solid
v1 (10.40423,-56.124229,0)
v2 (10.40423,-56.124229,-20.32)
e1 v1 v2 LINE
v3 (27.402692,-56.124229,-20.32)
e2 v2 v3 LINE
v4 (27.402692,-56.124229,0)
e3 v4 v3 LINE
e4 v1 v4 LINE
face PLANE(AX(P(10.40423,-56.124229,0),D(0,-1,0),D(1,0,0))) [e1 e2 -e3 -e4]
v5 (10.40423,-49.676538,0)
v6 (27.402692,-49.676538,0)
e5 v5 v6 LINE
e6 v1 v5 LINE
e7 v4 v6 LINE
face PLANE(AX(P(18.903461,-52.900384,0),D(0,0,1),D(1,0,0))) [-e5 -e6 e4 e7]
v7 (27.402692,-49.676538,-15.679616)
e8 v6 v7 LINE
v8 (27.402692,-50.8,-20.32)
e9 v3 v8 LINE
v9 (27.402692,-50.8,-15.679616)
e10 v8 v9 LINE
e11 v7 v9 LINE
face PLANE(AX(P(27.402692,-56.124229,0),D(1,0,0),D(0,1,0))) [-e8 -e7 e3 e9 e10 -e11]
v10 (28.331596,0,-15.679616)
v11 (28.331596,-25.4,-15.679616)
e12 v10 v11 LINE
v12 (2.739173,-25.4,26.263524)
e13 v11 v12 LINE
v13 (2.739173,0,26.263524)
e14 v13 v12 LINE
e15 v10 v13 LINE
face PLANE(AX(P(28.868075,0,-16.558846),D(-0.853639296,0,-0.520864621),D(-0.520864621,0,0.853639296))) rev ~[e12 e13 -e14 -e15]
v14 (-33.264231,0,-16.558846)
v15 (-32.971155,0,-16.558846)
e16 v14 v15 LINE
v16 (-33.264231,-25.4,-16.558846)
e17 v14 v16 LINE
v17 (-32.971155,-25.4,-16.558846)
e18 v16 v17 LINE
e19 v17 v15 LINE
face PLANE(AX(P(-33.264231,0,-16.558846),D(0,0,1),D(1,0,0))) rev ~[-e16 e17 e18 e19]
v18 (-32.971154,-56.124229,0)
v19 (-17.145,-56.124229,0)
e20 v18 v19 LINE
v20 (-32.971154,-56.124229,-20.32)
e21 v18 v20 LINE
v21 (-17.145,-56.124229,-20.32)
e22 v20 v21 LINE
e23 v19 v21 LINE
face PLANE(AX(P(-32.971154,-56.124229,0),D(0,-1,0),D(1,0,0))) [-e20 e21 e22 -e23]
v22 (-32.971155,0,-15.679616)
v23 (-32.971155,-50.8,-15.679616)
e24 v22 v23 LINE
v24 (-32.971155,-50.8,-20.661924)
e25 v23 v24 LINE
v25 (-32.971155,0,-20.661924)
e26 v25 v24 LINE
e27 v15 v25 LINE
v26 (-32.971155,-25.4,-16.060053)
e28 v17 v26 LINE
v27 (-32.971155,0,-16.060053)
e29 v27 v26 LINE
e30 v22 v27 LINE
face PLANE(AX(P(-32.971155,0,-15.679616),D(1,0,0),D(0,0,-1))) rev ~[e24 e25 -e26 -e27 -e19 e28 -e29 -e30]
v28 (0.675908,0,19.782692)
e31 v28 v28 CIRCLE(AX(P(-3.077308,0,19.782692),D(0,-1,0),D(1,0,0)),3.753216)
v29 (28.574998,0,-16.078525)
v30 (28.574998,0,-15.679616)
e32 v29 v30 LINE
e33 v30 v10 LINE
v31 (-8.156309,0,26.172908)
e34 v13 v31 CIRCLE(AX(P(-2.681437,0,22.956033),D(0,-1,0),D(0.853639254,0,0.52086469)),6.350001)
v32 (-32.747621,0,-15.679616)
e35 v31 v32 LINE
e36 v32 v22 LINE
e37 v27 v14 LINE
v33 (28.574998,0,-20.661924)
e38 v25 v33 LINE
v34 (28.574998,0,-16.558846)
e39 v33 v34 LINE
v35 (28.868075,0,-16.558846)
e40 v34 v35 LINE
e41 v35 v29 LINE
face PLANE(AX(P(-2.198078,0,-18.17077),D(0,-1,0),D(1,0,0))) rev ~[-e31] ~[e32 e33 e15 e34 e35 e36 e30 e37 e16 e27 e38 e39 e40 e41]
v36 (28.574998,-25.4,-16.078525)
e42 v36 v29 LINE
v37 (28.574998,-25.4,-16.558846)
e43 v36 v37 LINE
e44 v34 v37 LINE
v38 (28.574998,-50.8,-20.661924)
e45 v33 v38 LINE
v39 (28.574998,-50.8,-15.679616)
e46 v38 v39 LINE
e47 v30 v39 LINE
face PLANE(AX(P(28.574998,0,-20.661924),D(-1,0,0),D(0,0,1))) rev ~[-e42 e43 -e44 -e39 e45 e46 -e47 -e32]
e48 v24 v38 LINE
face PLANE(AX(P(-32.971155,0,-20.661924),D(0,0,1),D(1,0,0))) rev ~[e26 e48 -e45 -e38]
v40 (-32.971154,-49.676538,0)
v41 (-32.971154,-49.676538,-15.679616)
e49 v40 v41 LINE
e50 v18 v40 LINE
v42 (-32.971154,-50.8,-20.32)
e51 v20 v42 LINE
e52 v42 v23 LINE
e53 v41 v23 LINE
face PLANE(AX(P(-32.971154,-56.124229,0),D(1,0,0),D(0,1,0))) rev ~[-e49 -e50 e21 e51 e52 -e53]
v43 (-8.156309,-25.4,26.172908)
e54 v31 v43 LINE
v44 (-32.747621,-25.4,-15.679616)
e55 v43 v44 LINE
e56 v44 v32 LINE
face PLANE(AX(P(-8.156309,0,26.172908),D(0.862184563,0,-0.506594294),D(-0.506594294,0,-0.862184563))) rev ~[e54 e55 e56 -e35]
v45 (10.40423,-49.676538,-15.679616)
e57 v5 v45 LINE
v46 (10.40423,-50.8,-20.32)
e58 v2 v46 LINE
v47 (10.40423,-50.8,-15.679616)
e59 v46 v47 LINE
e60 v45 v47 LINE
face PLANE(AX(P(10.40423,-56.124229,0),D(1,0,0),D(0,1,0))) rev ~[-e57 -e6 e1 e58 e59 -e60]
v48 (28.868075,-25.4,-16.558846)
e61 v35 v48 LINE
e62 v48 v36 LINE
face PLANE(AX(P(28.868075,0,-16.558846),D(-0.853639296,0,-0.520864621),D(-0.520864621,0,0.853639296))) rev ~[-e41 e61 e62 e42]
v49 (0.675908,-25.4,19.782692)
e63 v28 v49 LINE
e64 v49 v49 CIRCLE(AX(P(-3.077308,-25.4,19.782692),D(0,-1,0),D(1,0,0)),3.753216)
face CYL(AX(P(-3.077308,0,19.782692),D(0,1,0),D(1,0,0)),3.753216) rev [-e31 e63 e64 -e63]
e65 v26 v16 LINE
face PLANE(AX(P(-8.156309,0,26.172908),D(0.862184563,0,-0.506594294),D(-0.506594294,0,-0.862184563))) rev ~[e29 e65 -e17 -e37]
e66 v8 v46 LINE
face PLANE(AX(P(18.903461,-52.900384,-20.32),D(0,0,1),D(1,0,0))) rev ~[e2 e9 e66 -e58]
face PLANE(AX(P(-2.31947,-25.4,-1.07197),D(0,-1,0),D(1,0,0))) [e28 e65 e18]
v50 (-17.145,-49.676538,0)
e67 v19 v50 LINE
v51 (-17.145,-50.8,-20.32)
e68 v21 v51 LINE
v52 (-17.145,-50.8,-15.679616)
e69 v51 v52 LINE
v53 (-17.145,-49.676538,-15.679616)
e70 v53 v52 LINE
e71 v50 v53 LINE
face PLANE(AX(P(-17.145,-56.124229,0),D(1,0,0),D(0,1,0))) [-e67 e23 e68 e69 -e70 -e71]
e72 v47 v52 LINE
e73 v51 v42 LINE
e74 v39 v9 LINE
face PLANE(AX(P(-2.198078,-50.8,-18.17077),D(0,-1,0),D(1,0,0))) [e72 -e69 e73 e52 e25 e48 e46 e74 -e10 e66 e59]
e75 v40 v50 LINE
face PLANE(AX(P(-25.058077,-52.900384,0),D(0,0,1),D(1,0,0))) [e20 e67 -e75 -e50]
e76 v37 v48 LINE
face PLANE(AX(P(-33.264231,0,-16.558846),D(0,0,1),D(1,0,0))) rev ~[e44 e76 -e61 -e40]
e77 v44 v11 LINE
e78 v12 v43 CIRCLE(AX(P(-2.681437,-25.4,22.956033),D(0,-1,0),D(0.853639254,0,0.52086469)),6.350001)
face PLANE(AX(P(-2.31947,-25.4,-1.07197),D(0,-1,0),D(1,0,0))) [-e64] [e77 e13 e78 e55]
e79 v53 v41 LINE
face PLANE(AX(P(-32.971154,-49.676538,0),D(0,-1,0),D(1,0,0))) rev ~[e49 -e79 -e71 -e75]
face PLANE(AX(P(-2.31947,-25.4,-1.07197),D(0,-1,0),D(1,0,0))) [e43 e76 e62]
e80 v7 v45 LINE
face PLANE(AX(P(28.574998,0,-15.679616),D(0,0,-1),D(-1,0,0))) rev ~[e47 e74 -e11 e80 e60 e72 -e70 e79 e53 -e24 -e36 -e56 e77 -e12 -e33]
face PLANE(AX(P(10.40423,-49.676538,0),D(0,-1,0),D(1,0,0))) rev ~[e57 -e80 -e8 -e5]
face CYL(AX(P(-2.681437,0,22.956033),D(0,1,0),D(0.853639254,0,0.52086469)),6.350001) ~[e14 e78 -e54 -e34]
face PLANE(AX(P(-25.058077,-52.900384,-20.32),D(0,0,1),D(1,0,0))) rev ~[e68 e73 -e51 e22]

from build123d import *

# Parameters (mm, degrees)
F0_R     = 3.753216
F1_DEPTH = 25.4
F3_DEPTH = 50.8
F4_W     = 15.826155
F4_H     = 6.447691
F4_W_2   = 16.998462
F5_DEPTH = 20.32


with BuildPart() as f1:
    # F0 (on Front) → F1 (new body)
    with BuildSketch(Plane.XZ):
        with BuildLine():
            Line((-8.156309, 26.172908), (-33.264231, -16.558846))
            Line((-33.264231, -16.558846), (28.868075, -16.558846))
            Line((28.868075, -16.558846), (2.739173, 26.263524))
            ThreePointArc((2.739173, 26.263524), (-2.734247, 29.305814), (-8.156309, 26.172908))
        make_face()
        with Locations((-3.077308, 19.782692)):
            Circle(F0_R, mode=Mode.SUBTRACT)
    extrude(amount=F1_DEPTH)

    # F2 (on Front) → F3 (join)
    with BuildSketch(Plane.XZ):
        Polygon((28.574998, -15.679616), (-32.971155, -15.679616), (-32.971155, -20.661924), (-18.911924, -20.661924), (11.673916, -20.661924), (28.574998, -20.661924), align=None)
    extrude(amount=F3_DEPTH)

    # F4 (on Top) → F5 (join)
    with BuildSketch(Plane.XY):
        with Locations((-25.058077, -52.900384)):
            Rectangle(F4_W, F4_H)
        with Locations((18.903461, -52.900384)):
            Rectangle(F4_W_2, F4_H)
    extrude(amount=-F5_DEPTH)


solid = f1.part
